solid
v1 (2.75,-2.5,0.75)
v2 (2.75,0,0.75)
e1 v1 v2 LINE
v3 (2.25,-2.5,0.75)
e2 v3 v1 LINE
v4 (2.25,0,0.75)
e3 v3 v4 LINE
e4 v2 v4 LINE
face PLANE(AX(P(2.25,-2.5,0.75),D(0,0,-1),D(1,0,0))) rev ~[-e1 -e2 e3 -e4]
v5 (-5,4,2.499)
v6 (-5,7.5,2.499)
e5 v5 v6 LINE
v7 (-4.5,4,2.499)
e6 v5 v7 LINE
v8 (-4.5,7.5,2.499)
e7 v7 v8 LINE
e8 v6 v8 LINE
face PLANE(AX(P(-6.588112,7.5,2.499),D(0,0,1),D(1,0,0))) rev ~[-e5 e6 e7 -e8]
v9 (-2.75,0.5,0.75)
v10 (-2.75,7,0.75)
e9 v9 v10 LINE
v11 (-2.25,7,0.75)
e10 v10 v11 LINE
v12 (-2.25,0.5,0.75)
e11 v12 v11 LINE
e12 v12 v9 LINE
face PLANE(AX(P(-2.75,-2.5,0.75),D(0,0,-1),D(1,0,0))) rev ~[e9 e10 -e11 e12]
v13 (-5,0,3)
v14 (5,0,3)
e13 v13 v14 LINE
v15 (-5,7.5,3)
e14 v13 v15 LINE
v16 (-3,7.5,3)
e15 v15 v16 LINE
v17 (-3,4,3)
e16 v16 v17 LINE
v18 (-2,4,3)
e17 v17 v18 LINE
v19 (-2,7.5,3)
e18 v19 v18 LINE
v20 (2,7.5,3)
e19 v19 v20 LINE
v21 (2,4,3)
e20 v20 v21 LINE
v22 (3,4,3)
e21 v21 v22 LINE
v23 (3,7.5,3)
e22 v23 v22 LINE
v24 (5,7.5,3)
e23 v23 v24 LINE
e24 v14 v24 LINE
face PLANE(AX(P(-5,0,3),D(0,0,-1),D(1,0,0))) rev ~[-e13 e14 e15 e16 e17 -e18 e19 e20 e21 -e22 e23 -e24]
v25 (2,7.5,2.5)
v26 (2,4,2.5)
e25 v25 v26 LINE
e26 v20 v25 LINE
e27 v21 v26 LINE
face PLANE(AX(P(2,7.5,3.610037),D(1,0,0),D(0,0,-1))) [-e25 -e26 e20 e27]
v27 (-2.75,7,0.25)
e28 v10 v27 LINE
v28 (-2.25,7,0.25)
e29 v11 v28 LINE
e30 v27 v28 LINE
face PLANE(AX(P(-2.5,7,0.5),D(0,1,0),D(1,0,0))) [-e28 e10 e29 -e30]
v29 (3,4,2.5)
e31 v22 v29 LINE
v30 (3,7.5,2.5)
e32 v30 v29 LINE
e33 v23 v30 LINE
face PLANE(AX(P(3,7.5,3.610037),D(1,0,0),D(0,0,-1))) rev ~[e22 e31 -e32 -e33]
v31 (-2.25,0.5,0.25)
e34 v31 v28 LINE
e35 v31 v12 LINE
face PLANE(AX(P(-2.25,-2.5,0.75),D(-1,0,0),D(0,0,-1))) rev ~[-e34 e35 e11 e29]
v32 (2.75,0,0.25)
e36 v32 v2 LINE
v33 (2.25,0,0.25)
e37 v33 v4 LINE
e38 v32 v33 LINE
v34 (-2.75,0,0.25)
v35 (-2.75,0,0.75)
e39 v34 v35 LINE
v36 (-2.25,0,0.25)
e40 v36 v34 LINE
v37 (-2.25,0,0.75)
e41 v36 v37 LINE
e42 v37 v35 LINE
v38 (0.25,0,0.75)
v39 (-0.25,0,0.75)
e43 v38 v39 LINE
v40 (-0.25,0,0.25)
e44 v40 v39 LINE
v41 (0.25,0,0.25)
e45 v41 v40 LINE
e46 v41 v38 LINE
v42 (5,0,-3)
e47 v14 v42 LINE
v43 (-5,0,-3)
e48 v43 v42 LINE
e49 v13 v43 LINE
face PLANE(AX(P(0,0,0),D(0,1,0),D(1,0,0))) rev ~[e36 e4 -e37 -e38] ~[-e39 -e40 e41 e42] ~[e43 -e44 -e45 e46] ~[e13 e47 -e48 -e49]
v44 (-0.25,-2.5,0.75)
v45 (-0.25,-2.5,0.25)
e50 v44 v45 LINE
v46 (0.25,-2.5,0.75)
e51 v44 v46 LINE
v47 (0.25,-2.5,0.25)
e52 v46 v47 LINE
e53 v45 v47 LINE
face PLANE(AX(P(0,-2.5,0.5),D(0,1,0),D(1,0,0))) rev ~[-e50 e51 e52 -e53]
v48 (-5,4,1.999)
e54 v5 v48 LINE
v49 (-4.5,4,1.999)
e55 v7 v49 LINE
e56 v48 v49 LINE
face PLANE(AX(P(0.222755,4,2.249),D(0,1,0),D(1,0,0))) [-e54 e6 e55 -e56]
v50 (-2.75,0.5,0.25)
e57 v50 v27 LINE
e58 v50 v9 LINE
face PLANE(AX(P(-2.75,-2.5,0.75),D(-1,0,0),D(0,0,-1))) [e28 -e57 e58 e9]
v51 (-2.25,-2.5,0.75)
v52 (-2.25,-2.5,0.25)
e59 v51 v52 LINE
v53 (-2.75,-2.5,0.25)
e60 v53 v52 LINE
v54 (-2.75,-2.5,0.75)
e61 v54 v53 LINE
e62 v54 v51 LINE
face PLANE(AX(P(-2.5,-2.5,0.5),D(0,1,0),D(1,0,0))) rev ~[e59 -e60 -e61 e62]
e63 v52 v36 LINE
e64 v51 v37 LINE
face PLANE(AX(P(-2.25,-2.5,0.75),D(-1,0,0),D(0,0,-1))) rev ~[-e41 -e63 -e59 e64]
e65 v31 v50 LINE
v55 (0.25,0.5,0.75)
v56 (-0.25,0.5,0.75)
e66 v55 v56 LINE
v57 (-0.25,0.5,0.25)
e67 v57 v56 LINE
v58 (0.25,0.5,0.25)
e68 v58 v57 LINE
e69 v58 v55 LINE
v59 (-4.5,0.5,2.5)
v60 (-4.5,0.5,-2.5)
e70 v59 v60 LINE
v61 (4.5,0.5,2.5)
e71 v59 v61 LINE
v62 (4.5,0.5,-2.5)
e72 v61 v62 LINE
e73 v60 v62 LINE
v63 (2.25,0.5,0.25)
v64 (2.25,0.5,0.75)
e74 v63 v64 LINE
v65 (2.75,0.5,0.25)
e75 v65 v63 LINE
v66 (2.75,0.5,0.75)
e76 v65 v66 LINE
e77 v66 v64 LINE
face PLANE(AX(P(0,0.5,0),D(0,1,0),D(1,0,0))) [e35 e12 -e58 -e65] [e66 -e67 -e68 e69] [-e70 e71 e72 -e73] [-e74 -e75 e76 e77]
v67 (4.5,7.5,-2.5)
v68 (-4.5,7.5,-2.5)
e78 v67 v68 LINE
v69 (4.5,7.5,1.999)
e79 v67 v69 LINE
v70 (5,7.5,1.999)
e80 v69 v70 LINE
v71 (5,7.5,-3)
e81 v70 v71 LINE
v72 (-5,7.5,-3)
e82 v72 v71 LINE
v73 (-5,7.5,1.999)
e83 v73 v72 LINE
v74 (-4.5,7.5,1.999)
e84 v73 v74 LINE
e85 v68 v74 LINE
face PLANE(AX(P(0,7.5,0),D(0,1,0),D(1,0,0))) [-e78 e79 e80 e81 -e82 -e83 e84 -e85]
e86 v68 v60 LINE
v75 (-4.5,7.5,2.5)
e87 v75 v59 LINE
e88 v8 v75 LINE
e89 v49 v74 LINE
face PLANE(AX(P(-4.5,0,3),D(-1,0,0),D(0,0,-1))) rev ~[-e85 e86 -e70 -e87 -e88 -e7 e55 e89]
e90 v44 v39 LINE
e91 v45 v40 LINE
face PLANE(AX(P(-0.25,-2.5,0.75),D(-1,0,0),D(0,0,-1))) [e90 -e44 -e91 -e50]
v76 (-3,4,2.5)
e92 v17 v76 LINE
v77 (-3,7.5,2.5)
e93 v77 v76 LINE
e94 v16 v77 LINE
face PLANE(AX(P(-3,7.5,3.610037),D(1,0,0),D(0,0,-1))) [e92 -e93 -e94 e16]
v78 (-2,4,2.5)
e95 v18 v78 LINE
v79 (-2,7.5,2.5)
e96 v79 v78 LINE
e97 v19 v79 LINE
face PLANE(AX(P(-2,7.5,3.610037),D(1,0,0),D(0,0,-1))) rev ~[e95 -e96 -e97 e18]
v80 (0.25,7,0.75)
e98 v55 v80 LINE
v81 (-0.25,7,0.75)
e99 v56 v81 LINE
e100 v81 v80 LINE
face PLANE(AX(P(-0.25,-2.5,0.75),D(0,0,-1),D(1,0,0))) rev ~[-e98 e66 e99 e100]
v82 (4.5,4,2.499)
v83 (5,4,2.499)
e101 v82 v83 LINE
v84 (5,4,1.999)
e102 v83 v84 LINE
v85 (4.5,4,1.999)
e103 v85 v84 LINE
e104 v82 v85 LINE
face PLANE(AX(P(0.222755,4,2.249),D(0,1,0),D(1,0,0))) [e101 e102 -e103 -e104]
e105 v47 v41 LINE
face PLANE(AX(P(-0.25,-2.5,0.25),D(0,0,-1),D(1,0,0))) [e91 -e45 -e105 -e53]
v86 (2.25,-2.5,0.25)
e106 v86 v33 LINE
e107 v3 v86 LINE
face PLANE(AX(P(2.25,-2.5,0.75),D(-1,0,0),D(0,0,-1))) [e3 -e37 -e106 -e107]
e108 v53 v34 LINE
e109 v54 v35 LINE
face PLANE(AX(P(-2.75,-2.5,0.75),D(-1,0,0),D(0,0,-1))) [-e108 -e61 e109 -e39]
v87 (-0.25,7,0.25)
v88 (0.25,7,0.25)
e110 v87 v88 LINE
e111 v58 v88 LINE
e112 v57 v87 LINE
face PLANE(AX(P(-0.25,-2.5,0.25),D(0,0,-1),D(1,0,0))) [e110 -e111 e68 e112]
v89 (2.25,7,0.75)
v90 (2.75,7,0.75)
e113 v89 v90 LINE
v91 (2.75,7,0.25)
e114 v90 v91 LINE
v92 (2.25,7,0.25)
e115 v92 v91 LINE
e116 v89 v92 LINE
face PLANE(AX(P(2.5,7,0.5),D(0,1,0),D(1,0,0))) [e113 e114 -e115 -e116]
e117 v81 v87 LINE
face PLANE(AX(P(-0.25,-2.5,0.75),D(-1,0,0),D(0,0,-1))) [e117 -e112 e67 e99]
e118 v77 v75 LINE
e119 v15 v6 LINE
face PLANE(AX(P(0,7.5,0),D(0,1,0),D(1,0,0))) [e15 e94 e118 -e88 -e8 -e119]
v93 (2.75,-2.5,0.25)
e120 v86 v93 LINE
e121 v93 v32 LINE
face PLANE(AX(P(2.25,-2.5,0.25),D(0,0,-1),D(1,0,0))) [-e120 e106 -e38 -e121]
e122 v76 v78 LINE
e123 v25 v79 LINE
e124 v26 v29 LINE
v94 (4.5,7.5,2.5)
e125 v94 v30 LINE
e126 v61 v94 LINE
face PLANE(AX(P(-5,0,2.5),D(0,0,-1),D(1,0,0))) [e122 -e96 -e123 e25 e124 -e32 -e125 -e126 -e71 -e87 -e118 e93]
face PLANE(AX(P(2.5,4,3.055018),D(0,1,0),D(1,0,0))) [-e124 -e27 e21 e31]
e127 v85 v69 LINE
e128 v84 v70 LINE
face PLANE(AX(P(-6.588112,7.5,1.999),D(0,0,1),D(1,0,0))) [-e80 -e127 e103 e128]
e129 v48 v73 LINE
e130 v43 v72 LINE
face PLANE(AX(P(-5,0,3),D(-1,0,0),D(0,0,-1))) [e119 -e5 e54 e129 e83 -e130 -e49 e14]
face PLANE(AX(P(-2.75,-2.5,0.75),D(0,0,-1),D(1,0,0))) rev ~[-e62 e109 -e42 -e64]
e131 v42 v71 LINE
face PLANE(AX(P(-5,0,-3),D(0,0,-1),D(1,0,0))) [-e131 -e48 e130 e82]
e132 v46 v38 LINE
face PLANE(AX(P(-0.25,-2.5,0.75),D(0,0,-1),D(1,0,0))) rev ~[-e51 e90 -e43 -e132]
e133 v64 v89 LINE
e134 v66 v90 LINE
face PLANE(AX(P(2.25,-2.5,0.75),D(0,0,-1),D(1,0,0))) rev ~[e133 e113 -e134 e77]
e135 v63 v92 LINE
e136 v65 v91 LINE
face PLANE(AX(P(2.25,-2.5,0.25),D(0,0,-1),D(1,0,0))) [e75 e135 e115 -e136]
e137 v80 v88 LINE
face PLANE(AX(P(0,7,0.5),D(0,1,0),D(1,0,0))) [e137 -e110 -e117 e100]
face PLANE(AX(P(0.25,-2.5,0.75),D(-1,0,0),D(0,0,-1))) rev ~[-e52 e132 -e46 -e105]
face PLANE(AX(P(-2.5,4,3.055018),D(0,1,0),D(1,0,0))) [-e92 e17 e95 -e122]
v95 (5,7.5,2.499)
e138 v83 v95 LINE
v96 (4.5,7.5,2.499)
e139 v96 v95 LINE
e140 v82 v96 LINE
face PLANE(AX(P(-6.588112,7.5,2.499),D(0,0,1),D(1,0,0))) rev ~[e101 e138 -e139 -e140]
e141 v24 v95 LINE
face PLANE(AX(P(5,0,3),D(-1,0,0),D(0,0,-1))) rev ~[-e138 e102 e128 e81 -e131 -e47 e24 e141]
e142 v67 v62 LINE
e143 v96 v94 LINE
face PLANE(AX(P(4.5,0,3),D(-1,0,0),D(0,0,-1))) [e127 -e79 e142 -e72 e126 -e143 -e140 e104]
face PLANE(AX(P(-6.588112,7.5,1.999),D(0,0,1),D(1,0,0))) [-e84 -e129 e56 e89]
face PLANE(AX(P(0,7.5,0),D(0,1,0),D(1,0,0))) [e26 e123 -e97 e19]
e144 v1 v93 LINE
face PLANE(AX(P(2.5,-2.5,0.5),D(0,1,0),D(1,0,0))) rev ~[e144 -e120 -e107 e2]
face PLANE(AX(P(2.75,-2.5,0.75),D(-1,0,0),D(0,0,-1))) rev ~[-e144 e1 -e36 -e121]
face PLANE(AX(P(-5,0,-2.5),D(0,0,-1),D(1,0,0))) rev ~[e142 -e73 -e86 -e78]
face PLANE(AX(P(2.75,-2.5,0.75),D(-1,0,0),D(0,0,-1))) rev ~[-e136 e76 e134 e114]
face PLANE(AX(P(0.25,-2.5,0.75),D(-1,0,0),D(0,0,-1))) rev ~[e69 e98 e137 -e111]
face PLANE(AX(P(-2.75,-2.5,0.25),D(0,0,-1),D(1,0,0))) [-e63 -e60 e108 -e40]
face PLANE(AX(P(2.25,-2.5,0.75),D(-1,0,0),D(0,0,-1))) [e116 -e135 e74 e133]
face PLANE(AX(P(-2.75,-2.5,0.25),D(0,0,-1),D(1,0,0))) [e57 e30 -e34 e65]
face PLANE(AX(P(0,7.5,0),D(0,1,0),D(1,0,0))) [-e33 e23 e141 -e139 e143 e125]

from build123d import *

# Parameters (mm, degrees)
SKETCH_1_W           = 10
SKETCH_1_H           = 6
EXTRUDE_1_DEPTH      = 7.5
SHELL_1_T            = -0.5
SKETCH_2_W           = 13.621733733
SKETCH_2_H           = 0.5
SKETCH_2_W_2         = 1
SKETCH_2_H_2         = 1.110036837
CUT_EXTRUDE_1_DEPTH  = 3.5
EXTRUDE_2_DEPTH      = 6.5
EXTRUDE_2_DEPTH_BACK = 3
SKETCH_3_W           = 0.5
SKETCH_3_H           = 0.5


with BuildPart() as part:
    # 草图1 → 凸台-拉伸1 (new body)
    with BuildSketch(Plane(origin=(0, 0, 0), x_dir=(1, 0, 0), z_dir=(0, 1, 0))):
        Rectangle(SKETCH_1_W, SKETCH_1_H)
    extrude(amount=EXTRUDE_1_DEPTH)

    # 抽壳1
    shell_1_openings = [part.faces().sort_by_distance(p)[0] for p in [
        (0, 7.5, 0),
    ]]
    offset(amount=SHELL_1_T, openings=shell_1_openings, kind=Kind.INTERSECTION)

    # 草图2 → 切除-拉伸1 (cut)
    with BuildSketch(Plane(origin=(0, 7.5, 0), x_dir=(1, 0, 0), z_dir=(0, 1, 0))):
        with Locations((0.222754883, -2.249)):
            Rectangle(SKETCH_2_W, SKETCH_2_H)
        with Locations((-2.5, -3.055018419)):
            Rectangle(SKETCH_2_W_2, SKETCH_2_H_2)
        with Locations((2.5, -3.055018419)):
            Rectangle(SKETCH_2_W_2, SKETCH_2_H_2)
    extrude(amount=-CUT_EXTRUDE_1_DEPTH, mode=Mode.SUBTRACT)

    # 草图3 → 凸台-拉伸2 (add, two sides: drawn at the far end of the back side and taken through both)
    with BuildSketch(Plane(origin=(0, 0.5, 0), x_dir=(1, 0, 0), z_dir=(0, 1, 0)).offset(-EXTRUDE_2_DEPTH_BACK)):
        with Locations((0, -0.5)):
            Rectangle(SKETCH_3_W, SKETCH_3_H)
        with Locations((-2.5, -0.5)):
            Rectangle(SKETCH_3_W, SKETCH_3_H)
        with Locations((2.5, -0.5)):
            Rectangle(SKETCH_3_W, SKETCH_3_H)
    extrude(amount=EXTRUDE_2_DEPTH + EXTRUDE_2_DEPTH_BACK)


solid = part.part
